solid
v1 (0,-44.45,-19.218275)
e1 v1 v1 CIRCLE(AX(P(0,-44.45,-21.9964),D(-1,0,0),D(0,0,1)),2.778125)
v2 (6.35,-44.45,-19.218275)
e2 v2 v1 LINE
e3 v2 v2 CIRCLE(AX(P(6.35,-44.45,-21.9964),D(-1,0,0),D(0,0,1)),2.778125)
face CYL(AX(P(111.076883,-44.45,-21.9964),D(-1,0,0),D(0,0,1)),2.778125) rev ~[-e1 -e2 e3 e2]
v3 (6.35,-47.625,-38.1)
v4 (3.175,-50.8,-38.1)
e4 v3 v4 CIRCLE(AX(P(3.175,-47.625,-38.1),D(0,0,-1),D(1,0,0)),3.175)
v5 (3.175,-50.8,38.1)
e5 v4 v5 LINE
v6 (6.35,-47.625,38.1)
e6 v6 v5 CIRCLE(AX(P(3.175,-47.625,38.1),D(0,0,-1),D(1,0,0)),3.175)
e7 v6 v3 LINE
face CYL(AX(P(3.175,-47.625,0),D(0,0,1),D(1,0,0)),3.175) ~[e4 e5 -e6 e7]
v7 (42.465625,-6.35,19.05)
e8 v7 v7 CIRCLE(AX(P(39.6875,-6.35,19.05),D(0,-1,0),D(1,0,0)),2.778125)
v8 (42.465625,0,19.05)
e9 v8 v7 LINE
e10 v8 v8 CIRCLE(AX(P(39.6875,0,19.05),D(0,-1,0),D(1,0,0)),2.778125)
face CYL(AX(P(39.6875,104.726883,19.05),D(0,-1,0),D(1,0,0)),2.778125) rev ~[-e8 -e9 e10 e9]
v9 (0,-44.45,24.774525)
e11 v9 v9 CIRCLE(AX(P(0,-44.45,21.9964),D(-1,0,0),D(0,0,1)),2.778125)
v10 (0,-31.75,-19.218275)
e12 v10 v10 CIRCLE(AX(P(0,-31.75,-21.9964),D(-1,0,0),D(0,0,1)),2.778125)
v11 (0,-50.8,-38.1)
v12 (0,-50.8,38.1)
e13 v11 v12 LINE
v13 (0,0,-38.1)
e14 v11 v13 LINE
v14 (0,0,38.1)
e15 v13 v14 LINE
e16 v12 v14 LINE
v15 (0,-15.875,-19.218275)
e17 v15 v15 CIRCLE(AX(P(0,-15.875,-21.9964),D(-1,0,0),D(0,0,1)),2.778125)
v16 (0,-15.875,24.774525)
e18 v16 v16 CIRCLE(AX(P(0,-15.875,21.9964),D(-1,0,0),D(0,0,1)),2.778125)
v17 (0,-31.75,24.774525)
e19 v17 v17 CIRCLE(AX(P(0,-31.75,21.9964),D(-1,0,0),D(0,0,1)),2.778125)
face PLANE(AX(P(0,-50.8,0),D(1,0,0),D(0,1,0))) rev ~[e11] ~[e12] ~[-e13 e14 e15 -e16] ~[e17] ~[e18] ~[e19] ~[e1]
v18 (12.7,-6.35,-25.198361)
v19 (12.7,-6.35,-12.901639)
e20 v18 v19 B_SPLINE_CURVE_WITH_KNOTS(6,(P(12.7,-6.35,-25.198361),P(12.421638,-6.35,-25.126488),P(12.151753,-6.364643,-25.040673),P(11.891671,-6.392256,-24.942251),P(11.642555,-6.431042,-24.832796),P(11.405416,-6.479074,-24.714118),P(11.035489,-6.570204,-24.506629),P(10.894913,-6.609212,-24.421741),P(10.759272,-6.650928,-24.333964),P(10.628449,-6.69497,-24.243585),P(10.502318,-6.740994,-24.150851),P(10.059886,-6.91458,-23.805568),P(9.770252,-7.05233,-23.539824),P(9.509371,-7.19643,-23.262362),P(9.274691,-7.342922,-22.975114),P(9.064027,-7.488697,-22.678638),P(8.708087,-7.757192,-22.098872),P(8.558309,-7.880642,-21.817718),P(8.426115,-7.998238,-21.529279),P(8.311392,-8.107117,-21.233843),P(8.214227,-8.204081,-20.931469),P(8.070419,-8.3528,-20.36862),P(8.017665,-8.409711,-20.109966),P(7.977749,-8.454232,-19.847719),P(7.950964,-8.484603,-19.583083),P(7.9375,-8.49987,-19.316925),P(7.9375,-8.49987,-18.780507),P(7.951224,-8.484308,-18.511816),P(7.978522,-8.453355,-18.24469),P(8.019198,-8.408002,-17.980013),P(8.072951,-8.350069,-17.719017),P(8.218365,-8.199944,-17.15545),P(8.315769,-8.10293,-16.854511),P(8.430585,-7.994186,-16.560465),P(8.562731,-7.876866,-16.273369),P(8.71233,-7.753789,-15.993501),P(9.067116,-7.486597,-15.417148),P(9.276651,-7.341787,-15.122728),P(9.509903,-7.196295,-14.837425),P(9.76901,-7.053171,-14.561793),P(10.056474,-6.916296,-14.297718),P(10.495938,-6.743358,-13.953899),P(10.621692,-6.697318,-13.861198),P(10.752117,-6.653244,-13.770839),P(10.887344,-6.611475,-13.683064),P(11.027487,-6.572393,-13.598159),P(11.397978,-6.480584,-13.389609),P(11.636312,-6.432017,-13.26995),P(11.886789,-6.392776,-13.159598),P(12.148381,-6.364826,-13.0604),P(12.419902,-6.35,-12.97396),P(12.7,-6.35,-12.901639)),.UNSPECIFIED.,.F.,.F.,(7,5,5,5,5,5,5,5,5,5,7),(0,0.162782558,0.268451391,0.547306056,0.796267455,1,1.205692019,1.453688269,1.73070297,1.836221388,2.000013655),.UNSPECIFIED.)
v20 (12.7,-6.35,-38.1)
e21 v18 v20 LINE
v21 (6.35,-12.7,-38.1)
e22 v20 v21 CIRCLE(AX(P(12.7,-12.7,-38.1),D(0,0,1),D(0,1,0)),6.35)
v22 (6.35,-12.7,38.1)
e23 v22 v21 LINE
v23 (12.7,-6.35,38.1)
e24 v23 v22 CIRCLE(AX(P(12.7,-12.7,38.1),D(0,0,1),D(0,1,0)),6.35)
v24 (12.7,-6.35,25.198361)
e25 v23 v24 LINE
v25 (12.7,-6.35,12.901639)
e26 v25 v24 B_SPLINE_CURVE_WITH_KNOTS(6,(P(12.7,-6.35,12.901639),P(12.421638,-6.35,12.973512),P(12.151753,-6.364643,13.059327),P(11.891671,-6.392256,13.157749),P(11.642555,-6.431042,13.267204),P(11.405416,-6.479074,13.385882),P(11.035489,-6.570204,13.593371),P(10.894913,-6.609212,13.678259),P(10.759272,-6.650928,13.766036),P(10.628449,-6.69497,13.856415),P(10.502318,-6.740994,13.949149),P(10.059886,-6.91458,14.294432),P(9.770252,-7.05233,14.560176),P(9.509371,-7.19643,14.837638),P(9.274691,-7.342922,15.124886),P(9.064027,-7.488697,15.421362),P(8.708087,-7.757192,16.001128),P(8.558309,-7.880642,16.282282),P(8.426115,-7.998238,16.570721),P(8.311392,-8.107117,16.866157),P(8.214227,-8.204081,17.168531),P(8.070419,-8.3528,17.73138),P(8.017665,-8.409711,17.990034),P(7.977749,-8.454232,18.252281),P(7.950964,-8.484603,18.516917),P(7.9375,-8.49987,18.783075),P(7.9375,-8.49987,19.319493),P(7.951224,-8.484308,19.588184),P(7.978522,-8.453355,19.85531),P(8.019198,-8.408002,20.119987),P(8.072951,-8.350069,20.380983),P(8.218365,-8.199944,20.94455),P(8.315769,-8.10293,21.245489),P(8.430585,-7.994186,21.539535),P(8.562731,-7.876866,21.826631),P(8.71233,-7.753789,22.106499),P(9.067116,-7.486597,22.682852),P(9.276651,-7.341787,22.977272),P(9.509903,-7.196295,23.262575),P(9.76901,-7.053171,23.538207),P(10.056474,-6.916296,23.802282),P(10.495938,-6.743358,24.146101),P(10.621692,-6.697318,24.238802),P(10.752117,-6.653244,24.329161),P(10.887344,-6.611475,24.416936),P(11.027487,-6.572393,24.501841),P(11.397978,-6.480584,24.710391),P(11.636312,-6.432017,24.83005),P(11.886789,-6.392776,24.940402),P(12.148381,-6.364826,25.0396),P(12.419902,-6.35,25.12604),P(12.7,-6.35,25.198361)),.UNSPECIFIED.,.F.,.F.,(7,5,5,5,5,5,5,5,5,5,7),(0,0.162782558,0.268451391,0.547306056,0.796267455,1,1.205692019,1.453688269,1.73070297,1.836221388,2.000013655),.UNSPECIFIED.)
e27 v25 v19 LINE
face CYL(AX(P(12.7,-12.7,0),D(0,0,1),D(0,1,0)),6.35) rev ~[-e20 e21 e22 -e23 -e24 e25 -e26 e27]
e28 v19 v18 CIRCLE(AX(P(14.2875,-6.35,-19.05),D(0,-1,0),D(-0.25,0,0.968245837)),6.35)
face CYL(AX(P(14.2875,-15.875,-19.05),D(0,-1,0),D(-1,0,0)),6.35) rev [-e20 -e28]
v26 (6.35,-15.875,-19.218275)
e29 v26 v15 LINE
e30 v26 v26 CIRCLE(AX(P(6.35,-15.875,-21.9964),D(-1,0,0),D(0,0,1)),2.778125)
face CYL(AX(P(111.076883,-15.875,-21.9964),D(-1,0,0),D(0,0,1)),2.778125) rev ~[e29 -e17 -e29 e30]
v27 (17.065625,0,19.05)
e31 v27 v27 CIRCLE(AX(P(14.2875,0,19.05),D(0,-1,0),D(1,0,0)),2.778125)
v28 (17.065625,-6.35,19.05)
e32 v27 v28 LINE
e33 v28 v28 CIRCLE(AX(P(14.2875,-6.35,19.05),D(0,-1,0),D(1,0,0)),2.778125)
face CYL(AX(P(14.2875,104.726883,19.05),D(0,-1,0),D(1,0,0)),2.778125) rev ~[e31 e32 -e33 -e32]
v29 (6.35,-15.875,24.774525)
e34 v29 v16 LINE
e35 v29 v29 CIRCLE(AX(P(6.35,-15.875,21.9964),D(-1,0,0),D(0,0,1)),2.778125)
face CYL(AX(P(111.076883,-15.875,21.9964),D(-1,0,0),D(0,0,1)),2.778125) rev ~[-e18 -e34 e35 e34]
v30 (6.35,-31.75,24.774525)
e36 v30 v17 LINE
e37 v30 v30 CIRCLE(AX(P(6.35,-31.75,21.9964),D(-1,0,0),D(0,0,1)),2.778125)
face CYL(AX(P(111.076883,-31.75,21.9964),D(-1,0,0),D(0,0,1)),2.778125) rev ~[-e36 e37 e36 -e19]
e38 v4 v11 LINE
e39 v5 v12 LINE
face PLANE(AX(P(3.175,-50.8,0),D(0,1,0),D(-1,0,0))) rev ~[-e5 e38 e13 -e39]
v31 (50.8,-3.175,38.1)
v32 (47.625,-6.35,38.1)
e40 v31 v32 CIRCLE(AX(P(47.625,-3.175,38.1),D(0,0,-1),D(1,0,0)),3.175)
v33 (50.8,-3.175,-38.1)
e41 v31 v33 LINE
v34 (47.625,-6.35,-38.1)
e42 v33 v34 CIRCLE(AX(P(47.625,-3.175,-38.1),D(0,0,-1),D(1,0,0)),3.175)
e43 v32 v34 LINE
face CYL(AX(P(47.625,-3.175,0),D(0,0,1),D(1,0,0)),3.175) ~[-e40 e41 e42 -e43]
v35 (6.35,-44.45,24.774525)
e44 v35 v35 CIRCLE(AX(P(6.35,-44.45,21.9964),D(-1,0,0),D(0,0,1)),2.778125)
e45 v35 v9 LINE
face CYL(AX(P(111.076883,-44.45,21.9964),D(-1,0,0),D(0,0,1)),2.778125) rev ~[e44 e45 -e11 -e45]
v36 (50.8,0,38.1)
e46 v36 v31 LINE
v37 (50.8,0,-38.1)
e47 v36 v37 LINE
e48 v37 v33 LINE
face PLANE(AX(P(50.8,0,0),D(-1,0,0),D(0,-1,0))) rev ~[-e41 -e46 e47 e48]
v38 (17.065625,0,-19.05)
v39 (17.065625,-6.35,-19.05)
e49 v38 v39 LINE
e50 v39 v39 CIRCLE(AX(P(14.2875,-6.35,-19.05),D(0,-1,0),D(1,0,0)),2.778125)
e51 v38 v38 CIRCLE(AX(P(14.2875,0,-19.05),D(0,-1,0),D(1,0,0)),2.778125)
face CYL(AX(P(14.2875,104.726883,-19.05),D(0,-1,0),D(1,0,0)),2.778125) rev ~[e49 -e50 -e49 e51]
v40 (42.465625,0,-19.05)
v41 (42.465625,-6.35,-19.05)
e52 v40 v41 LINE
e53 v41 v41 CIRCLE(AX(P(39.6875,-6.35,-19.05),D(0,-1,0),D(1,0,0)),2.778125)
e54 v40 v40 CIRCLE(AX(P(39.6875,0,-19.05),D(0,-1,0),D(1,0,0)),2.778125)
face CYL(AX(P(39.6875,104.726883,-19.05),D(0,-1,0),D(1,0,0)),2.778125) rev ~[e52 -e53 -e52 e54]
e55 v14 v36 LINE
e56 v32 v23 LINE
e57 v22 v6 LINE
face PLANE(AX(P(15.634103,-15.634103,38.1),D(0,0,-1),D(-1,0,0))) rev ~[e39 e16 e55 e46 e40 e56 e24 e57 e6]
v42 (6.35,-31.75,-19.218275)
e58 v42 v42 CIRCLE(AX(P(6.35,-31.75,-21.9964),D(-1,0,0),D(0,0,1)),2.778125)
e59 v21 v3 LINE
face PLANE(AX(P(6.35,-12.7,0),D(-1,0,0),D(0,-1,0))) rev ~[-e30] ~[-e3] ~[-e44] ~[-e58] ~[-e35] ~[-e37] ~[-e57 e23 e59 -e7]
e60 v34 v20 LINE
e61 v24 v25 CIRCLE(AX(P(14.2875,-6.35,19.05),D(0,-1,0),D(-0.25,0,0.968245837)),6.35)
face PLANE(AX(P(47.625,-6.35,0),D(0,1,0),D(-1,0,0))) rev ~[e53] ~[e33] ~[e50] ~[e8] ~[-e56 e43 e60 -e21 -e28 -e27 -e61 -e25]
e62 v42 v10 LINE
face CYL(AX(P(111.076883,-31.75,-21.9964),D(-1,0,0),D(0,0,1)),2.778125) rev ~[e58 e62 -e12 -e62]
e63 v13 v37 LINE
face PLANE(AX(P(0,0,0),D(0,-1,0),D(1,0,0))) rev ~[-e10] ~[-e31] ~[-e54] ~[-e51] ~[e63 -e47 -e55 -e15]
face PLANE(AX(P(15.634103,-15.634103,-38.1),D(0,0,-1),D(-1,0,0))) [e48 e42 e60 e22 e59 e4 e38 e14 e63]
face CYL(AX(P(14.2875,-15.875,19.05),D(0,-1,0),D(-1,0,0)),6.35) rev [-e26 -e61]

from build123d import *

# Parameters (mm, degrees)
EXTRUDE1_DEPTH                  = 38.1
F_7_32_0_21875_DIAMETER_HOLE2_D = 5.55625
F_7_32_0_21875_DIAMETER_HOLE3_D = 5.55625
SKETCH6_R                       = 6.35
CUT_EXTRUDE1_DEPTH              = 9.525


with BuildPart() as part:
    # Sketch1 → Extrude1 (new body, symmetric)
    with BuildSketch(Plane.XY):
        with BuildLine():
            Line((0, 0), (50.8, 0))
            Line((50.8, 0), (50.8, -3.175))
            ThreePointArc((50.8, -3.175), (49.87006403, -5.42006403), (47.625, -6.35))
            Line((47.625, -6.35), (12.7, -6.35))
            ThreePointArc((12.7, -6.35), (8.209871939, -8.209871939), (6.35, -12.7))
            Line((6.35, -12.7), (6.35, -47.625))
            ThreePointArc((6.35, -47.625), (5.42006403, -49.87006403), (3.175, -50.8))
            Line((3.175, -50.8), (0, -50.8))
            Line((0, -50.8), (0, 0))
        make_face()
    extrude(amount=EXTRUDE1_DEPTH, both=True)

    # 7/32 (0.21875) Diameter Hole2 (through all)
    with Locations(Plane(origin=(-45.24375, 0, 38.1), x_dir=(-1, 0, 0), z_dir=(0, 1, 0))):
        with Locations((-84.93125, -19.05), (-84.93125, -57.15), (-59.53125, -57.15), (-59.53125, -19.05)):
            Hole(F_7_32_0_21875_DIAMETER_HOLE2_D / 2)

    # 7/32 (0.21875) Diameter Hole3 (through all)
    with Locations(Plane(origin=(6.35, 0, 0), x_dir=(0, 0, -1), z_dir=(1, 0, 0))):
        with Locations((-21.9964, -15.875), (21.9964, -15.875), (21.9964, -44.45), (-21.9964, -44.45), (-21.9964, -31.75), (21.9964, -31.75)):
            Hole(F_7_32_0_21875_DIAMETER_HOLE3_D / 2)

    # Sketch6 → Cut-Extrude1 (cut)
    with BuildSketch(Plane(origin=(0, -15.875, 0), x_dir=(-1, 0, 0), z_dir=(0, 1, 0))):
        with Locations((-14.2875, 19.05)):
            Circle(SKETCH6_R)
        with Locations((-14.2875, -19.05)):
            Circle(SKETCH6_R)
    extrude(amount=CUT_EXTRUDE1_DEPTH, mode=Mode.SUBTRACT)


solid = part.part
